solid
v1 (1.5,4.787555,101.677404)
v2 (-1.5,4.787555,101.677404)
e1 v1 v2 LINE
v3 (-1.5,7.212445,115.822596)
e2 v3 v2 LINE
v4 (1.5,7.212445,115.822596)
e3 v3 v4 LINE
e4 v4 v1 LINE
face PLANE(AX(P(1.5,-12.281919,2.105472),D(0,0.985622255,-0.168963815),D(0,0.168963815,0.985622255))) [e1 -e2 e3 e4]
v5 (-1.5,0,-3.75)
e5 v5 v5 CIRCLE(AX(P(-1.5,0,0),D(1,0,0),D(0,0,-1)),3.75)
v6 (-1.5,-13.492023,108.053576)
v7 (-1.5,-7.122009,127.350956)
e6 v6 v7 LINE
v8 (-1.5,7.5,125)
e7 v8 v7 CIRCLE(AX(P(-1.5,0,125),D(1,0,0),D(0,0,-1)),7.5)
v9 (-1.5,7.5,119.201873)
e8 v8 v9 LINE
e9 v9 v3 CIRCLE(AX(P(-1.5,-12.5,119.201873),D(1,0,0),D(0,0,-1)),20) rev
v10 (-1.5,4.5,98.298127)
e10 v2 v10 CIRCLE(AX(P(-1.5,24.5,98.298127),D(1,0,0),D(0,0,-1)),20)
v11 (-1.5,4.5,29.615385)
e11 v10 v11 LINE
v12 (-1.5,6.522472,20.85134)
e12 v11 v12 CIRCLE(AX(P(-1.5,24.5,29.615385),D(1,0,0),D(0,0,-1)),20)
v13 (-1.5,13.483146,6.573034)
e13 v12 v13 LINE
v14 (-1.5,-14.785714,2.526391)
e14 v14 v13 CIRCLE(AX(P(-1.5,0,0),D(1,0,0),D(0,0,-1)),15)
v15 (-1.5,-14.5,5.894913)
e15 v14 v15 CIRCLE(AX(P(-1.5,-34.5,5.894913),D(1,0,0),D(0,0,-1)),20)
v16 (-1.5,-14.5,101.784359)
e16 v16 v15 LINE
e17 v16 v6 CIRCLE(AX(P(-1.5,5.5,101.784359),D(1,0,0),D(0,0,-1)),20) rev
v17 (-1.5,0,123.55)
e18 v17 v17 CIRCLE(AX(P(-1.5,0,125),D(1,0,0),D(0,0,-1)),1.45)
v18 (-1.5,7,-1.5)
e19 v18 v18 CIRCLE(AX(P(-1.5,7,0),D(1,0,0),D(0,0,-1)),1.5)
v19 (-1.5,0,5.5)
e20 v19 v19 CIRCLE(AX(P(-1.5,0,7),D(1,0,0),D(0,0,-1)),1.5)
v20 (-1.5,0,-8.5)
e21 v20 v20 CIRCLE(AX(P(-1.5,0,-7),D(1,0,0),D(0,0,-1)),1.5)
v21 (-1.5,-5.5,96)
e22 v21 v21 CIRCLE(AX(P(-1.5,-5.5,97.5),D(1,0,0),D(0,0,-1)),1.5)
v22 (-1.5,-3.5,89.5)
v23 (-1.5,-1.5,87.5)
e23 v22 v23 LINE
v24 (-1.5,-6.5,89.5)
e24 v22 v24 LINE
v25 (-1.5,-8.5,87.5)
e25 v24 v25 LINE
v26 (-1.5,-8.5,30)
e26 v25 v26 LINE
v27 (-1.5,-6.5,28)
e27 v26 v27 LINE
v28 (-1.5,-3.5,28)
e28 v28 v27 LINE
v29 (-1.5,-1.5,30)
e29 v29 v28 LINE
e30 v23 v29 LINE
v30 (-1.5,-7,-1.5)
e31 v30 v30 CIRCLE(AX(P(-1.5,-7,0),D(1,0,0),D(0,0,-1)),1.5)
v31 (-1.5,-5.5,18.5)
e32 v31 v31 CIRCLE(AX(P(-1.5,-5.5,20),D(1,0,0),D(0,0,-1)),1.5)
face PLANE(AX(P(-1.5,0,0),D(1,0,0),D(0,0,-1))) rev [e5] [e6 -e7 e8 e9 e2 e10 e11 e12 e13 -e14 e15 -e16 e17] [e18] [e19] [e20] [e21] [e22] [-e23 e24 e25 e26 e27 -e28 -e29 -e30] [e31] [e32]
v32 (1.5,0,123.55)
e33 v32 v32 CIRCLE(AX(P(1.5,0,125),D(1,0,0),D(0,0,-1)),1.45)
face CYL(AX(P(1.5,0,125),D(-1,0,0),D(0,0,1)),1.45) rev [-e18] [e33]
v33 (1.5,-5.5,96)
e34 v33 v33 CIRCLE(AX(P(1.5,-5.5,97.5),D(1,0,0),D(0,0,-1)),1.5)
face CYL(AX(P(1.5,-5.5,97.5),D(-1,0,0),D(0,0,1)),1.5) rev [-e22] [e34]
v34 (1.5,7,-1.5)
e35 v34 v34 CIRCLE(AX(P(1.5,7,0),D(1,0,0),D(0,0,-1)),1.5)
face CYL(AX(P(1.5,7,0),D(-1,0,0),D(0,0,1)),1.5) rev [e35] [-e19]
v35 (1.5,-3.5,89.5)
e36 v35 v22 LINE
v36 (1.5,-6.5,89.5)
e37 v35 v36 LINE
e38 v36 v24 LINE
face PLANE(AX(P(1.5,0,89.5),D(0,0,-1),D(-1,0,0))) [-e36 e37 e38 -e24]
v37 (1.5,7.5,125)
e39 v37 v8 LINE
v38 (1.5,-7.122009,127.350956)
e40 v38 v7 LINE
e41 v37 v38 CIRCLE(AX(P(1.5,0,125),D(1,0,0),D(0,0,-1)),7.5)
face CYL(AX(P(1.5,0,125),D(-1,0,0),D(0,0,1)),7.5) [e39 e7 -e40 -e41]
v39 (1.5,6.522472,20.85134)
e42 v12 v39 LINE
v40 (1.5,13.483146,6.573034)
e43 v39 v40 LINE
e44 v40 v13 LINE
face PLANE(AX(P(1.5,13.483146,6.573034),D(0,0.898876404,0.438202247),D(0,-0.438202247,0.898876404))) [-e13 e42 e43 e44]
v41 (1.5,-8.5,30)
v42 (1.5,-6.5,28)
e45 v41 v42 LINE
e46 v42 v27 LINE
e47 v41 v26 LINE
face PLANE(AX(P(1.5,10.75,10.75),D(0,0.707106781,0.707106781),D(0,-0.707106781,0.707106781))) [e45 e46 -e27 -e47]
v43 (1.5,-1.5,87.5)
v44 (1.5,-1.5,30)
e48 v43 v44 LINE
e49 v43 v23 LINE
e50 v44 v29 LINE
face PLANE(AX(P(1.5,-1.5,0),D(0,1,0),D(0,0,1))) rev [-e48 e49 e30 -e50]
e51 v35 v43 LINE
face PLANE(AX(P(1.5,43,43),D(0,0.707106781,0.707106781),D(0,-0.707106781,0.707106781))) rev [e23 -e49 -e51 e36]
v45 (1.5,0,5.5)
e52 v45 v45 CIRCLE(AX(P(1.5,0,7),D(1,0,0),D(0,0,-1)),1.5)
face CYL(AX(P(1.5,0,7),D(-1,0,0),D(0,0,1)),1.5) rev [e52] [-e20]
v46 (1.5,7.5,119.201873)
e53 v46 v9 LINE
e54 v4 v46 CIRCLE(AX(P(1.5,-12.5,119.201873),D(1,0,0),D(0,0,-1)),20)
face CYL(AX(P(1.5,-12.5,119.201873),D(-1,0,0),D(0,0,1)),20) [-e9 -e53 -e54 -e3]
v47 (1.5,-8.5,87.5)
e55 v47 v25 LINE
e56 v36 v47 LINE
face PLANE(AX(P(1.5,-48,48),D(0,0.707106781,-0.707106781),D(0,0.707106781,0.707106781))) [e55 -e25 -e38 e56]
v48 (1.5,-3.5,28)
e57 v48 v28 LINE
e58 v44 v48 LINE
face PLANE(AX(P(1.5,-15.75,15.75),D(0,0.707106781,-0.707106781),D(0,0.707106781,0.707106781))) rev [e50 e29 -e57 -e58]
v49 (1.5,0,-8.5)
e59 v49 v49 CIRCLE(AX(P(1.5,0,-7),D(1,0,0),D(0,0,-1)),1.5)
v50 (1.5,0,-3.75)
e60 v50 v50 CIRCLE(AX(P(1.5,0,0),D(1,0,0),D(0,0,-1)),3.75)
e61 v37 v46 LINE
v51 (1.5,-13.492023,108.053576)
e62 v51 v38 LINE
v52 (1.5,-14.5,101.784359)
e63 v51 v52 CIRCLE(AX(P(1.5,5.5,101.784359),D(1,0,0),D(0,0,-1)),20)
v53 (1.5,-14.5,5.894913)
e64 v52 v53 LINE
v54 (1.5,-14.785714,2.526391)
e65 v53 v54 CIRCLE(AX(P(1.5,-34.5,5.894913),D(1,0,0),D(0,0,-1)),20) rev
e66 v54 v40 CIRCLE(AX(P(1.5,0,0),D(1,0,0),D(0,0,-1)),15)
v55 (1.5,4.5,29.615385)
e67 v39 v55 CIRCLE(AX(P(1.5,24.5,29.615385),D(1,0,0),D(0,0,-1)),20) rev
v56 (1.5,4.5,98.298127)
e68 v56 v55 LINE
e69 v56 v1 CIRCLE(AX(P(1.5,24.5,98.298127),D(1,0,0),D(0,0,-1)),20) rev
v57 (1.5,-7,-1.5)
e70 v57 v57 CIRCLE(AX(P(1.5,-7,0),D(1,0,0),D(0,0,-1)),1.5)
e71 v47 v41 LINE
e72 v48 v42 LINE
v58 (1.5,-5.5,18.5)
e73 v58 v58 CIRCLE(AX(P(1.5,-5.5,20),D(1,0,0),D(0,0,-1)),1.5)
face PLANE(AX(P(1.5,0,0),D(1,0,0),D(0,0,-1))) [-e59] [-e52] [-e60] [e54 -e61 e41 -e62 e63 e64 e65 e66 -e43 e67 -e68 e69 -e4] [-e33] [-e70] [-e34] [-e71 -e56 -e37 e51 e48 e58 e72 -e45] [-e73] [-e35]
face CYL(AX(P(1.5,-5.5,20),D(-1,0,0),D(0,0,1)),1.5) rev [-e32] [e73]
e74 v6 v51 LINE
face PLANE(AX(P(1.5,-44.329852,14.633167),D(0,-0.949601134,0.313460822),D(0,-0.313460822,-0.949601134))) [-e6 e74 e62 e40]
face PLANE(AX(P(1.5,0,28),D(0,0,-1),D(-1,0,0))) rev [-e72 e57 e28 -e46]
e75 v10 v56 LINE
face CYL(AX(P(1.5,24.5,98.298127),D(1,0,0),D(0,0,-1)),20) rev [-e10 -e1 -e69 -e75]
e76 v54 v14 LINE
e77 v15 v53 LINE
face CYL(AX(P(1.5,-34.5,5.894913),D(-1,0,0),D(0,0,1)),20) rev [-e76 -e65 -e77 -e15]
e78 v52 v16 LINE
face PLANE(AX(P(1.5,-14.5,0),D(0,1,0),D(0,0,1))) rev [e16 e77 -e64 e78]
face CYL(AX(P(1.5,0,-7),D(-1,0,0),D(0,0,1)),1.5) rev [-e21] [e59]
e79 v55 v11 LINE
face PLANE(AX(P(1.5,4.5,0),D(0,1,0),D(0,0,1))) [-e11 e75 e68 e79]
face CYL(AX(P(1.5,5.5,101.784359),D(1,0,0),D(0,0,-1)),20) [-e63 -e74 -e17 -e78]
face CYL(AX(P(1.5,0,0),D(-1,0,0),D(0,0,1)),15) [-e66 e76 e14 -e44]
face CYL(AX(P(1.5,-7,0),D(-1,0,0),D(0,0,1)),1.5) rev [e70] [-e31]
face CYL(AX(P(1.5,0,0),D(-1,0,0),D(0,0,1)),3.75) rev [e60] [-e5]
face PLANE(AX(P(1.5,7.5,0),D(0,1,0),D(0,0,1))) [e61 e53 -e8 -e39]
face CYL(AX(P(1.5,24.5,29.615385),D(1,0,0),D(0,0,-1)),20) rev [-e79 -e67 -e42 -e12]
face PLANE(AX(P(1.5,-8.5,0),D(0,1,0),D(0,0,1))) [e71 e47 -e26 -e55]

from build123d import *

# Parameters (mm, degrees)
SKETCH1_R           = 1.5
SKETCH1_R_2         = 3.75
SKETCH1_R_3         = 7.5
SKETCH1_R_4         = 1.45
BOSS_EXTRUDE1_DEPTH = 1.5
FILLET1_R           = 20


with BuildPart() as part:
    # Sketch1 → Boss-Extrude1 (new body, symmetric)
    with BuildSketch(Plane(origin=(0, 0, 0), x_dir=(0, 0, -1), z_dir=(1, 0, 0))):
        with BuildLine():
            ThreePointArc((-6.573033708, 13.483146067), (-14.928995829, -1.457766625), (-3.840572874, -14.5))
            ThreePointArc((-3.840572874, -14.5), (9.14853559, -11.887148378), (15, 0))
            ThreePointArc((15, 0), (7.9499841, 12.71997456), (-6.573033708, 13.483146067))
        make_face()
        with Locations((0, -7)):
            Circle(SKETCH1_R, mode=Mode.SUBTRACT)
        with Locations((-7, 0)):
            Circle(SKETCH1_R, mode=Mode.SUBTRACT)
        Circle(SKETCH1_R_2, mode=Mode.SUBTRACT)
        with Locations((7, 0)):
            Circle(SKETCH1_R, mode=Mode.SUBTRACT)
        with Locations((0, 7)):
            Circle(SKETCH1_R, mode=Mode.SUBTRACT)
        with BuildLine():
            Line((-127.350956164, -7.122008503), (-105, -14.5))
            Line((-105, -14.5), (-3.840572874, -14.5))
            ThreePointArc((-3.840572874, -14.5), (-14.928995829, -1.457766625), (-6.573033708, 13.483146067))
            Line((-6.573033708, 13.483146067), (-25, 4.5))
            Line((-25, 4.5), (-100, 4.5))
            Line((-100, 4.5), (-117.5, 7.5))
            Line((-117.5, 7.5), (-125, 7.5))
            ThreePointArc((-125, 7.5), (-119.696699141, 5.303300859), (-117.5, 0))
            ThreePointArc((-117.5, 0), (-120.605809018, -6.077917869), (-127.350956164, -7.122008503))
        make_face()
        with Locations((-97.5, -5.5)):
            Circle(SKETCH1_R, mode=Mode.SUBTRACT)
        Polygon((-89.5, -6.5), (-89.5, -3.5), (-87.5, -1.5), (-30, -1.5), (-28, -3.5), (-28, -6.5), (-30, -8.5), (-87.5, -8.5), align=None, mode=Mode.SUBTRACT)
        with Locations((-20, -5.5)):
            Circle(SKETCH1_R, mode=Mode.SUBTRACT)
        with Locations((-125, 0)):
            Circle(SKETCH1_R_3)
        with Locations((-125, 0)):
            Circle(SKETCH1_R_4, mode=Mode.SUBTRACT)
    extrude(amount=BOSS_EXTRUDE1_DEPTH, both=True)

    # Fillet1
    fillet1_edges = [part.edges().sort_by_distance(p)[0] for p in [
        (0.75, -14.5, 3.840572874),
        (0, -14.5, 105),
        (0, 7.5, 117.5),
        (0, 4.5, 100),
        (0, 4.5, 25),
    ]]
    fillet(fillet1_edges, radius=FILLET1_R)


solid = part.part
